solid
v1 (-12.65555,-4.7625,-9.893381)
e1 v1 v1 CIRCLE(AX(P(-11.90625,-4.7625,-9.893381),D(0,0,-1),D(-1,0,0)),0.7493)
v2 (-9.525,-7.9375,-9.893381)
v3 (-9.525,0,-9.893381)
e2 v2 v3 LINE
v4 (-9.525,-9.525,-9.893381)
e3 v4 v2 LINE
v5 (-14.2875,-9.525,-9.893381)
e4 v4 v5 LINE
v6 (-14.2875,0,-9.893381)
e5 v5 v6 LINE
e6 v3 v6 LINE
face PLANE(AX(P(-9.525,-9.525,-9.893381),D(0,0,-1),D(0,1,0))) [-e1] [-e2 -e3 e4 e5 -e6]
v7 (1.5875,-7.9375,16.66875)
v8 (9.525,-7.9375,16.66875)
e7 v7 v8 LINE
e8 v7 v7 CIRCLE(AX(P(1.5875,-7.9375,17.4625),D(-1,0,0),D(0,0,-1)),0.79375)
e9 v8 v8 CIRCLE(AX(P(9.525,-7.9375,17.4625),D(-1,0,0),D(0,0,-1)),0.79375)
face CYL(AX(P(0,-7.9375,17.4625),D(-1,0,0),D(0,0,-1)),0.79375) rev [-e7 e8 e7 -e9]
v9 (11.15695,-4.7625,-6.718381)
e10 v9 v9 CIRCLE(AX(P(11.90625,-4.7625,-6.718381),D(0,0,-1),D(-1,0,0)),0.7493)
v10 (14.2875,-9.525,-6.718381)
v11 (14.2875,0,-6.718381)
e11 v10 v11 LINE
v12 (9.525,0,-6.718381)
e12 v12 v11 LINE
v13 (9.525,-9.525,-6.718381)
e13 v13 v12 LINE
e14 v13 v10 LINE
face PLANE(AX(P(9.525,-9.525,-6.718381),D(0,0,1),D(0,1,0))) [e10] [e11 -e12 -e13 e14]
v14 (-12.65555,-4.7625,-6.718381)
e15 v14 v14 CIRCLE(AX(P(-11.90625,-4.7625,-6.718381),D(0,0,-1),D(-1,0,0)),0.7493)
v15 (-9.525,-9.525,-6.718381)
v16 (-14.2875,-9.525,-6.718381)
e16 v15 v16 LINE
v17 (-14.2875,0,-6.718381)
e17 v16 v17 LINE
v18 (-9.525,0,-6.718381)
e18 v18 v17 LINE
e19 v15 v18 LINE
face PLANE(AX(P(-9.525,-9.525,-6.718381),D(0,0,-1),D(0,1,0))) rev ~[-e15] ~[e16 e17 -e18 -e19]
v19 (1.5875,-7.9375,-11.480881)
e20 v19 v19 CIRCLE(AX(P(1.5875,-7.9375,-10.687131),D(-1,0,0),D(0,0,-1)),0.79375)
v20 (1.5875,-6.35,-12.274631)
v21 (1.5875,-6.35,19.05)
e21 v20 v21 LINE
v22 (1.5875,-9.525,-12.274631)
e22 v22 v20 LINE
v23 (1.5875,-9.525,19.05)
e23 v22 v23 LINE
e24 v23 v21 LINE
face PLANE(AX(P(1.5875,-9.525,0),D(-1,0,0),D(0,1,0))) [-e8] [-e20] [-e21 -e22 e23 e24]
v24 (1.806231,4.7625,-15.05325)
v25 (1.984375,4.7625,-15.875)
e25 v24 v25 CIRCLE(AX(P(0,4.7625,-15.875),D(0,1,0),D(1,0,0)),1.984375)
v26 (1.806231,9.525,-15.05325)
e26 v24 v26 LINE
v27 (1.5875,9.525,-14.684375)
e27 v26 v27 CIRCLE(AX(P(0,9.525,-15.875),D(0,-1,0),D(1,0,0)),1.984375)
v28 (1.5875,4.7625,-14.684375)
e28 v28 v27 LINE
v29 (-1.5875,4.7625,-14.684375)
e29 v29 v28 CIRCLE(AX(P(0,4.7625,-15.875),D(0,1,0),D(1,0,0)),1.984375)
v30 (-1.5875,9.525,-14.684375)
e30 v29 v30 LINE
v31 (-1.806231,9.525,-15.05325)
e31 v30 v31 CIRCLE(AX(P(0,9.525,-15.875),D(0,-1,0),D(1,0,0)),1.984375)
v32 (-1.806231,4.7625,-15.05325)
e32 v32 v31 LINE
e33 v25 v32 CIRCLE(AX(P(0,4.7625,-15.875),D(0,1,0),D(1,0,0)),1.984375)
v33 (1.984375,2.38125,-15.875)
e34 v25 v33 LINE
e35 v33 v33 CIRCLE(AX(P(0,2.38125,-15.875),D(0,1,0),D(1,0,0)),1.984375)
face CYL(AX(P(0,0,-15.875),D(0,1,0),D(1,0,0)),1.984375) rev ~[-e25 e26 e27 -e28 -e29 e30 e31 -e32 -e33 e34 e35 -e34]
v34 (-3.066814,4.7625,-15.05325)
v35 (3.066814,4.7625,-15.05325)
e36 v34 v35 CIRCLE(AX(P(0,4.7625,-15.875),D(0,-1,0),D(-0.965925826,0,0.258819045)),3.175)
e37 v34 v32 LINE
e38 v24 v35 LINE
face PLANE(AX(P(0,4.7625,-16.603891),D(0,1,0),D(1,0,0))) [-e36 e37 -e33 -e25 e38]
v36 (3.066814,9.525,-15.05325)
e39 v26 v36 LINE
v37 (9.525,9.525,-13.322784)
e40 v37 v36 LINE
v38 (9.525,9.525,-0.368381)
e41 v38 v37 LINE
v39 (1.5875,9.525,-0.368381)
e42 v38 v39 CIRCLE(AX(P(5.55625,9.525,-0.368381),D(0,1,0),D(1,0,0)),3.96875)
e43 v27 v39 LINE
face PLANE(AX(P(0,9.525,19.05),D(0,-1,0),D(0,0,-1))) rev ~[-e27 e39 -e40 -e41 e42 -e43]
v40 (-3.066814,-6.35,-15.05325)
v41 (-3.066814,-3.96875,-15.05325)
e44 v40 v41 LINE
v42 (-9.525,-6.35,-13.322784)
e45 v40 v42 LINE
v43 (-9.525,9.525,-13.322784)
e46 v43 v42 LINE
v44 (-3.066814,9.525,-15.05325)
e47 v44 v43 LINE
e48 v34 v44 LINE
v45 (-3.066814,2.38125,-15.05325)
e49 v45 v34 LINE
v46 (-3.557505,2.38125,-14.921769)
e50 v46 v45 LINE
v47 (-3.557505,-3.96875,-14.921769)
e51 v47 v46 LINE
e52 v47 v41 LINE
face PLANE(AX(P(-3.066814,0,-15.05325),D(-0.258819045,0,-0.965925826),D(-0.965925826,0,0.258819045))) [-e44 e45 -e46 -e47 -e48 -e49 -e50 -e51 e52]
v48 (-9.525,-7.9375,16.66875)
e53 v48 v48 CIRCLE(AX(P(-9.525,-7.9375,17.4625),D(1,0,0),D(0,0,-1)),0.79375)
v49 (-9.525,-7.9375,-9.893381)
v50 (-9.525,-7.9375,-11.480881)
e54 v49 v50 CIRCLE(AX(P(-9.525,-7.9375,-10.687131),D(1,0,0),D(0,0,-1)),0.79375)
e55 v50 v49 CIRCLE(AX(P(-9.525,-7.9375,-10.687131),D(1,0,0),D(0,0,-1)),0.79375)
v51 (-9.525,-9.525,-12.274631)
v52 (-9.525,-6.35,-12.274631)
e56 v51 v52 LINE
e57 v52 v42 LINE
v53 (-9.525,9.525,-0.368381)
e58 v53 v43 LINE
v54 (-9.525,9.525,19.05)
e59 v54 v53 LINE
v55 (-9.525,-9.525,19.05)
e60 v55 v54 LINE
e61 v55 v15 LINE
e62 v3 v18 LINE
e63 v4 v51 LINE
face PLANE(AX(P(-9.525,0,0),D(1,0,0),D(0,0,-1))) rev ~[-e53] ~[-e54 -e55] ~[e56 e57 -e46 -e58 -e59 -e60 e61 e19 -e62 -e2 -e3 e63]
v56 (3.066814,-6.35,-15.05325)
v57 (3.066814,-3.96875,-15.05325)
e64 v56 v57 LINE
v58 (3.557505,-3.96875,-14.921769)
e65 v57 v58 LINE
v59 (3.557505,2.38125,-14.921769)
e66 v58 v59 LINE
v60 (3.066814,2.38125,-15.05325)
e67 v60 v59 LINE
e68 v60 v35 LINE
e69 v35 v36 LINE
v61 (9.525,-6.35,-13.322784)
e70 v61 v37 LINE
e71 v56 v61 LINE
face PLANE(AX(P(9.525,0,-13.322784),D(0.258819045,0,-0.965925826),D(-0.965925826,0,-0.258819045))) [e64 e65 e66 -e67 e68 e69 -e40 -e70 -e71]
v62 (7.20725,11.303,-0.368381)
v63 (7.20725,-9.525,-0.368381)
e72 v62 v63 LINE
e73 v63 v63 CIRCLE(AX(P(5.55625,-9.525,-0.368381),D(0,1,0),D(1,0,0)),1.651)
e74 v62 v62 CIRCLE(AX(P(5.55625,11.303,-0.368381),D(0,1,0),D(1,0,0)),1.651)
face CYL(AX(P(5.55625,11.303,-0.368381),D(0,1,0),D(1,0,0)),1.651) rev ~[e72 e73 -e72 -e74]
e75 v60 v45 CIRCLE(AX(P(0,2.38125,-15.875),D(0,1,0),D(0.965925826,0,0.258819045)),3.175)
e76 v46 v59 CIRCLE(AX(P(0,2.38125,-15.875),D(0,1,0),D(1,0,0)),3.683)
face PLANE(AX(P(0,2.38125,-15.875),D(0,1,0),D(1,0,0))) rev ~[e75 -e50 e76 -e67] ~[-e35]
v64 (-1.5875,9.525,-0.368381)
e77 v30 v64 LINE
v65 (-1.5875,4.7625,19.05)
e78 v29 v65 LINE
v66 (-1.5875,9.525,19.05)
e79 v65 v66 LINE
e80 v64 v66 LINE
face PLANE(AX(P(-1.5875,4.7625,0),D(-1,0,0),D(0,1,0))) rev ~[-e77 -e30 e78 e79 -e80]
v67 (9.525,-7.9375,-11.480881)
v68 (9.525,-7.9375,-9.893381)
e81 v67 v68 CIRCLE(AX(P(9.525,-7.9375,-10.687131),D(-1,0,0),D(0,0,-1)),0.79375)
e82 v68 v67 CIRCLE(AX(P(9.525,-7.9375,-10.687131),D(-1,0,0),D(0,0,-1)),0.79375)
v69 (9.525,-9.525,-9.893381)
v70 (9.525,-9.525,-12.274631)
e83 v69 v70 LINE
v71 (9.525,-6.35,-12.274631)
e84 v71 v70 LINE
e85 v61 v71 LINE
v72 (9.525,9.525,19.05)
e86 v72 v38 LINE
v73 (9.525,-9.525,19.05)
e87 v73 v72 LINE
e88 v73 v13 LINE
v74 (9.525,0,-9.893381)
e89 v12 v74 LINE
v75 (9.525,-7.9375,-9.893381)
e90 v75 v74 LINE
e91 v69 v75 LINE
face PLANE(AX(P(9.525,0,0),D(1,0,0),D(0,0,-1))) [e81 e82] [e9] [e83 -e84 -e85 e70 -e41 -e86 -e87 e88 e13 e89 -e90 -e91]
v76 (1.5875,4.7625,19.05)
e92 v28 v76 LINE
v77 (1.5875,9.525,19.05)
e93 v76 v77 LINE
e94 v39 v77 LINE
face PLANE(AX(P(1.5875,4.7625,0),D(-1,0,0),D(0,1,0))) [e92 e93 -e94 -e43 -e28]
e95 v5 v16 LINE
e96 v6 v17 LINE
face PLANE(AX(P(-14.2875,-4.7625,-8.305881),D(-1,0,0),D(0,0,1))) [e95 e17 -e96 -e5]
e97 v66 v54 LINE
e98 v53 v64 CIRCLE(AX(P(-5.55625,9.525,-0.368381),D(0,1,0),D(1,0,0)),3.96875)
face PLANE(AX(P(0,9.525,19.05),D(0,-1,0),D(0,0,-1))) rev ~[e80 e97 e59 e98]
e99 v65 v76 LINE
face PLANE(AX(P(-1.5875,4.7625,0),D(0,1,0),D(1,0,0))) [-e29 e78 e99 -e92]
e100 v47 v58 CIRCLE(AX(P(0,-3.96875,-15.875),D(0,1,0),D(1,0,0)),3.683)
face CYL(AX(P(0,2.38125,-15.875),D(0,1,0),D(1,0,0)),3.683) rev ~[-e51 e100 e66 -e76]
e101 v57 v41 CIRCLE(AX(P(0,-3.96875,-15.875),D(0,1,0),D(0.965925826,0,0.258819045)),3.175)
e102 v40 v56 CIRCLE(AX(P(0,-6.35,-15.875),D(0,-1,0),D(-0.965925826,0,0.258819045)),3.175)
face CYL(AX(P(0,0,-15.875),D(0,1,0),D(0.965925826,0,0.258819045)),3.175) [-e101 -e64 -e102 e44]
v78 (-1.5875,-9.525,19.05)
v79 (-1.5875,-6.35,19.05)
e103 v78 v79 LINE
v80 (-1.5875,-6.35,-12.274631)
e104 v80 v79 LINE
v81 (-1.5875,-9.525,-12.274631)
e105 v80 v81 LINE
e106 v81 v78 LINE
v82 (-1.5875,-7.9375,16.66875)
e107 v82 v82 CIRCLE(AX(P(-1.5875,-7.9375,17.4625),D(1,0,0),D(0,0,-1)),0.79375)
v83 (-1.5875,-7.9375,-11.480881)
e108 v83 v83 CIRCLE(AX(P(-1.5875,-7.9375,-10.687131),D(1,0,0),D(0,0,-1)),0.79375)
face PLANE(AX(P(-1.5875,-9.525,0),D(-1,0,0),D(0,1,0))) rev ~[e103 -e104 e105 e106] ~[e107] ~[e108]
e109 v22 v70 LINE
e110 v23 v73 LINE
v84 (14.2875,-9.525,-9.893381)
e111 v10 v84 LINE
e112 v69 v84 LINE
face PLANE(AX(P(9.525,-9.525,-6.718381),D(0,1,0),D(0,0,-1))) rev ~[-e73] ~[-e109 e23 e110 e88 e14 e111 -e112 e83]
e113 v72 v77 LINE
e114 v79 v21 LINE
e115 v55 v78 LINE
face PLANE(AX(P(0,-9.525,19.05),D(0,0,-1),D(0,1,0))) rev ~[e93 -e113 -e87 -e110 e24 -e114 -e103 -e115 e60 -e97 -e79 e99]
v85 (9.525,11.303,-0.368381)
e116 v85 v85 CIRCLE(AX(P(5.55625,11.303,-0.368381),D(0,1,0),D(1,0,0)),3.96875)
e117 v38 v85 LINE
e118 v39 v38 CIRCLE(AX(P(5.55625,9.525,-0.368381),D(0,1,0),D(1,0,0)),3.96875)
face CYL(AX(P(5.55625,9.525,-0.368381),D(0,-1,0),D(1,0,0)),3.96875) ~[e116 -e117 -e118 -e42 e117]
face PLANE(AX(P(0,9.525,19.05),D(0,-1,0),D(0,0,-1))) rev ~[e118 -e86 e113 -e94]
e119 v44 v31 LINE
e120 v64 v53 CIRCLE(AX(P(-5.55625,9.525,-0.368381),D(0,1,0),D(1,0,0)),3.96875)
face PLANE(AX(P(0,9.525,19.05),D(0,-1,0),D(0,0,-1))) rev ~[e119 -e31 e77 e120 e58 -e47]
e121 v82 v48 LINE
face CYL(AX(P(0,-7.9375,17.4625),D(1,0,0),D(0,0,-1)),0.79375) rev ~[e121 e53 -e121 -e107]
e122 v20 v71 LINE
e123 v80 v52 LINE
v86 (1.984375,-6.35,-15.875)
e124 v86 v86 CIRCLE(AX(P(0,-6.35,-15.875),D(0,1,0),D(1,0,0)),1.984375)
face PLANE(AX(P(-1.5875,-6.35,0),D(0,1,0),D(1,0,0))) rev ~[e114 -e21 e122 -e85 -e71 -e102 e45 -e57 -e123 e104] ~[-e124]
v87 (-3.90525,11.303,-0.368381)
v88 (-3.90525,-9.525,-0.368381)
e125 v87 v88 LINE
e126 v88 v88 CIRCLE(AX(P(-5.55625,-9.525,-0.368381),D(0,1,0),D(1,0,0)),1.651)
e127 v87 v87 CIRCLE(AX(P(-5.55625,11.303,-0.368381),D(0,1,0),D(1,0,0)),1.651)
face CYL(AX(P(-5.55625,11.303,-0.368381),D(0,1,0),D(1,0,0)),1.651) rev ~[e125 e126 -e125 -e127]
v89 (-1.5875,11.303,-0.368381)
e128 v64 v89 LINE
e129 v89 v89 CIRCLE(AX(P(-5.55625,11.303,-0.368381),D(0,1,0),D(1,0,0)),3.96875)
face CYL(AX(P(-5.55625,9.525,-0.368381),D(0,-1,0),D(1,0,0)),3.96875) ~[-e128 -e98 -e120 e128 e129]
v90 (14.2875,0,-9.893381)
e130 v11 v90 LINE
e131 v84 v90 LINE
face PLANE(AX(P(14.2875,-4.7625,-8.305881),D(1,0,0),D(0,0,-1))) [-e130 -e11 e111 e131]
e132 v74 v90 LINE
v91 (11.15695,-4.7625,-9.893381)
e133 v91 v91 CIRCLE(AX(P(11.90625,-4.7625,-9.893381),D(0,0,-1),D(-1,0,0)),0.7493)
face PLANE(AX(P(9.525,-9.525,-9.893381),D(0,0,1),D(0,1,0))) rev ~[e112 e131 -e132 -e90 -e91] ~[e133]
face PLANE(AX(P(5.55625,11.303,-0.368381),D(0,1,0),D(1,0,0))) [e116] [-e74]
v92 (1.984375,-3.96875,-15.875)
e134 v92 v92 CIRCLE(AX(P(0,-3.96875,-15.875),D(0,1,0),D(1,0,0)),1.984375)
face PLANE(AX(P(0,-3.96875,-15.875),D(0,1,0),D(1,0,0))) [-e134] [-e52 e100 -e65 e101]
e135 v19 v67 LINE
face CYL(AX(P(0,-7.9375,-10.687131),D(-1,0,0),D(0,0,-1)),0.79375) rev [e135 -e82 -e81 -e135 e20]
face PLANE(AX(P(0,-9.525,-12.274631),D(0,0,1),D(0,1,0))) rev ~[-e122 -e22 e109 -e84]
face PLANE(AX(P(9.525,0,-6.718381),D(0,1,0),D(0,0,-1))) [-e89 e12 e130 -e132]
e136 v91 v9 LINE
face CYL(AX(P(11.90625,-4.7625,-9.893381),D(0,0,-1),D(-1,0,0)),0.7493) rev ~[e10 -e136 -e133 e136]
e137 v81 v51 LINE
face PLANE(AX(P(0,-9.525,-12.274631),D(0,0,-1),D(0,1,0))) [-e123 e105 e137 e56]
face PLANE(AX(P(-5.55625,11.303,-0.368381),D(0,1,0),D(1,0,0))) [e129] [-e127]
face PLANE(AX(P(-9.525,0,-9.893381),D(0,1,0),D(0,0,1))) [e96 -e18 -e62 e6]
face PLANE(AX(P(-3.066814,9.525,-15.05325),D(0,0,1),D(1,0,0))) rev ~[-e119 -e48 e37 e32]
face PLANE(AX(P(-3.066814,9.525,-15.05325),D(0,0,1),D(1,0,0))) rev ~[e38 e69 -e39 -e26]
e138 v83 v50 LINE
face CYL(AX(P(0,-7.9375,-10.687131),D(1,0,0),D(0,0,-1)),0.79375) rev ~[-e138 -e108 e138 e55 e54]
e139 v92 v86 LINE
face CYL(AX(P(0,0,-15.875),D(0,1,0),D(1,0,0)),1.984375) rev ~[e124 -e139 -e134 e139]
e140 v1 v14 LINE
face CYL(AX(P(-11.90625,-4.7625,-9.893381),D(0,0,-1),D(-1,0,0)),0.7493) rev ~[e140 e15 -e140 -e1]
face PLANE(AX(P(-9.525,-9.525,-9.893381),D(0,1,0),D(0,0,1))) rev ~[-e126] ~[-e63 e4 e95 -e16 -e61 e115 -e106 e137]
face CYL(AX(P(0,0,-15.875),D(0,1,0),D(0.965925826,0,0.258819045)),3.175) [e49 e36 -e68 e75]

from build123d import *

# Parameters (mm, degrees)
SKETCH1_W                = 38.1
SKETCH1_H                = 19.05
BOSS_EXTRUDE1_DEPTH      = 9.525
CUT_EXTRUDE1_DEPTH       = 10.525
CUT_EXTRUDE1_DEPTH_BACK  = 10.525
SKETCH3_R                = 1.984375
CUT_EXTRUDE2_DEPTH       = 10.525
CUT_EXTRUDE2_DEPTH_BACK  = 10.525
SKETCH4_W                = 3.175
SKETCH4_H                = 4.7625
SKETCH4_H_2              = 3.175
CUT_EXTRUDE3_DEPTH       = 20.05
CUT_EXTRUDE3_DEPTH_BACK  = 20.05
CUT_EXTRUDE9_START       = -2.38125
SKETCH11_R               = 3.683
CUT_EXTRUDE9_DEPTH       = 6.35
SKETCH12_W               = 6.35
SKETCH12_H               = 3.175
CUT_EXTRUDE10_DEPTH      = 10.525
CUT_EXTRUDE10_DEPTH_BACK = 10.525
SKETCH14_R               = 0.79375
CUT_EXTRUDE11_DEPTH      = 10.525
CUT_EXTRUDE11_DEPTH_BACK = 10.525
CUT_EXTRUDE12_DEPTH      = 4.7625
SKETCH16_W               = 3.175
SKETCH16_H               = 9.525
BOSS_EXTRUDE2_DEPTH      = 4.7625
SKETCH17_W               = 3.175
SKETCH17_H               = 9.525
BOSS_EXTRUDE3_DEPTH      = 4.7625
SKETCH18_R               = 0.7493
CUT_EXTRUDE13_DEPTH      = 29.943380657
SKETCH19_R               = 3.96875
BOSS_EXTRUDE4_DEPTH      = 1.778
SKETCH20_R               = 1.651
CUT_EXTRUDE14_DEPTH      = 21.828


with BuildPart() as part:
    # Sketch1 → Boss-Extrude1 (new body, symmetric)
    with BuildSketch(Plane(origin=(0, 0, 0), x_dir=(0, 0, -1), z_dir=(1, 0, 0))):
        Rectangle(SKETCH1_W, SKETCH1_H)
    extrude(amount=BOSS_EXTRUDE1_DEPTH, both=True)

    # Sketch2 → Cut-Extrude1 (cut, two sides)
    with BuildSketch(Plane(origin=(0, 0, 0), x_dir=(1, 0, 0), z_dir=(0, 1, 0))) as cut_extrude1_sk:
        with BuildLine():
            Line((91.748361933, -8.708899487), (9.525, 13.322783942))
            Line((9.525, 13.322783942), (3.066814498, 15.053249532))
            ThreePointArc((3.066814498, 15.053249532), (0, 19.05), (-3.066814498, 15.053249532))
            Line((-3.066814498, 15.053249532), (-9.525, 13.322783942))
            Line((-9.525, 13.322783942), (-91.748361933, -8.708899487))
            Line((-91.748361933, -8.708899487), (-91.748361933, 161.538876678))
            Line((-91.748361933, 161.538876678), (91.748361933, 161.538876678))
            Line((91.748361933, 161.538876678), (91.748361933, -8.708899487))
        make_face()
    extrude(amount=CUT_EXTRUDE1_DEPTH, mode=Mode.SUBTRACT)
    extrude(cut_extrude1_sk.sketch, amount=-CUT_EXTRUDE1_DEPTH_BACK, mode=Mode.SUBTRACT)

    # Sketch3 → Cut-Extrude2 (cut, two sides)
    with BuildSketch(Plane(origin=(0, 0, 0), x_dir=(1, 0, 0), z_dir=(0, 1, 0))) as cut_extrude2_sk:
        with Locations((0, 15.875)):
            Circle(SKETCH3_R)
    extrude(amount=CUT_EXTRUDE2_DEPTH, mode=Mode.SUBTRACT)
    extrude(cut_extrude2_sk.sketch, amount=-CUT_EXTRUDE2_DEPTH_BACK, mode=Mode.SUBTRACT)

    # Sketch4 → Cut-Extrude3 (cut, two sides)
    with BuildSketch(Plane.XY) as cut_extrude3_sk:
        with Locations((0, 7.14375)):
            Rectangle(SKETCH4_W, SKETCH4_H)
        with Locations((0, -7.9375)):
            Rectangle(SKETCH4_W, SKETCH4_H_2)
    extrude(amount=CUT_EXTRUDE3_DEPTH, mode=Mode.SUBTRACT)
    extrude(cut_extrude3_sk.sketch, amount=-CUT_EXTRUDE3_DEPTH_BACK, mode=Mode.SUBTRACT)

    # Sketch11 → Cut-Extrude9 (cut)
    with BuildSketch(Plane(origin=(0, 4.7625, 0), x_dir=(1, 0, 0), z_dir=(0, 1, 0)).offset(CUT_EXTRUDE9_START)):
        with Locations((0, 15.875)):
            Circle(SKETCH11_R)
    extrude(amount=-CUT_EXTRUDE9_DEPTH, mode=Mode.SUBTRACT)

    # Sketch12 → Cut-Extrude10 (cut, two sides)
    with BuildSketch(Plane(origin=(0, 0, 0), x_dir=(0, 0, -1), z_dir=(1, 0, 0))) as cut_extrude10_sk:
        with Locations((15.449630657, -7.9375)):
            Rectangle(SKETCH12_W, SKETCH12_H)
    extrude(amount=CUT_EXTRUDE10_DEPTH, mode=Mode.SUBTRACT)
    extrude(cut_extrude10_sk.sketch, amount=-CUT_EXTRUDE10_DEPTH_BACK, mode=Mode.SUBTRACT)

    # Sketch14 → Cut-Extrude11 (cut, two sides)
    with BuildSketch(Plane(origin=(0, 0, 0), x_dir=(0, 0, -1), z_dir=(1, 0, 0))) as cut_extrude11_sk:
        with Locations((-17.4625, -7.9375)):
            Circle(SKETCH14_R)
        with Locations((10.687130657, -7.9375)):
            Circle(SKETCH14_R)
    extrude(amount=CUT_EXTRUDE11_DEPTH, mode=Mode.SUBTRACT)
    extrude(cut_extrude11_sk.sketch, amount=-CUT_EXTRUDE11_DEPTH_BACK, mode=Mode.SUBTRACT)

    # Sketch15 → Cut-Extrude12 (cut)
    with BuildSketch(Plane(origin=(0, 9.525, 0), x_dir=(1, 0, 0), z_dir=(0, 1, 0))):
        Polygon((-9.525, 13.322783942), (-3.066814498, 15.053249532), (3.066814498, 15.053249532), (9.525, 13.322783942), (9.525, 19.05), (-9.525, 19.05), align=None)
    extrude(amount=-CUT_EXTRUDE12_DEPTH, mode=Mode.SUBTRACT)

    # Sketch16 → Boss-Extrude2 (add)
    with BuildSketch(Plane(origin=(9.525, 0, 0), x_dir=(0, 0, -1), z_dir=(1, 0, 0))):
        with Locations((8.305880657, -4.7625)):
            Rectangle(SKETCH16_W, SKETCH16_H)
    extrude(amount=BOSS_EXTRUDE2_DEPTH)

    # Sketch17 → Boss-Extrude3 (add)
    with BuildSketch(Plane.ZY.offset(9.525)):
        with Locations((-8.305880657, -4.7625)):
            Rectangle(SKETCH17_W, SKETCH17_H)
    extrude(amount=BOSS_EXTRUDE3_DEPTH)

    # Sketch18 → Cut-Extrude13 (cut, through all)
    with BuildSketch(Plane(origin=(0, 0, -9.893380657), x_dir=(-1, 0, 0), z_dir=(0, 0, -1))):
        with Locations((-11.90625, -4.7625)):
            Circle(SKETCH18_R)
        with Locations((11.90625, -4.7625)):
            Circle(SKETCH18_R)
    extrude(amount=-CUT_EXTRUDE13_DEPTH, mode=Mode.SUBTRACT)

    # Sketch19 → Boss-Extrude4 (add)
    with BuildSketch(Plane(origin=(0, 9.525, 0), x_dir=(1, 0, 0), z_dir=(0, 1, 0))):
        with Locations((-5.55625, 0.368380657)):
            Circle(SKETCH19_R)
        with Locations((5.55625, 0.368380657)):
            Circle(SKETCH19_R)
    extrude(amount=BOSS_EXTRUDE4_DEPTH)

    # Sketch20 → Cut-Extrude14 (cut, through all)
    with BuildSketch(Plane(origin=(0, 11.303, 0), x_dir=(1, 0, 0), z_dir=(0, 1, 0))):
        with Locations((-5.55625, 0.368380657)):
            Circle(SKETCH20_R)
        with Locations((5.55625, 0.368380657)):
            Circle(SKETCH20_R)
    extrude(amount=-CUT_EXTRUDE14_DEPTH, mode=Mode.SUBTRACT)


solid = part.part
